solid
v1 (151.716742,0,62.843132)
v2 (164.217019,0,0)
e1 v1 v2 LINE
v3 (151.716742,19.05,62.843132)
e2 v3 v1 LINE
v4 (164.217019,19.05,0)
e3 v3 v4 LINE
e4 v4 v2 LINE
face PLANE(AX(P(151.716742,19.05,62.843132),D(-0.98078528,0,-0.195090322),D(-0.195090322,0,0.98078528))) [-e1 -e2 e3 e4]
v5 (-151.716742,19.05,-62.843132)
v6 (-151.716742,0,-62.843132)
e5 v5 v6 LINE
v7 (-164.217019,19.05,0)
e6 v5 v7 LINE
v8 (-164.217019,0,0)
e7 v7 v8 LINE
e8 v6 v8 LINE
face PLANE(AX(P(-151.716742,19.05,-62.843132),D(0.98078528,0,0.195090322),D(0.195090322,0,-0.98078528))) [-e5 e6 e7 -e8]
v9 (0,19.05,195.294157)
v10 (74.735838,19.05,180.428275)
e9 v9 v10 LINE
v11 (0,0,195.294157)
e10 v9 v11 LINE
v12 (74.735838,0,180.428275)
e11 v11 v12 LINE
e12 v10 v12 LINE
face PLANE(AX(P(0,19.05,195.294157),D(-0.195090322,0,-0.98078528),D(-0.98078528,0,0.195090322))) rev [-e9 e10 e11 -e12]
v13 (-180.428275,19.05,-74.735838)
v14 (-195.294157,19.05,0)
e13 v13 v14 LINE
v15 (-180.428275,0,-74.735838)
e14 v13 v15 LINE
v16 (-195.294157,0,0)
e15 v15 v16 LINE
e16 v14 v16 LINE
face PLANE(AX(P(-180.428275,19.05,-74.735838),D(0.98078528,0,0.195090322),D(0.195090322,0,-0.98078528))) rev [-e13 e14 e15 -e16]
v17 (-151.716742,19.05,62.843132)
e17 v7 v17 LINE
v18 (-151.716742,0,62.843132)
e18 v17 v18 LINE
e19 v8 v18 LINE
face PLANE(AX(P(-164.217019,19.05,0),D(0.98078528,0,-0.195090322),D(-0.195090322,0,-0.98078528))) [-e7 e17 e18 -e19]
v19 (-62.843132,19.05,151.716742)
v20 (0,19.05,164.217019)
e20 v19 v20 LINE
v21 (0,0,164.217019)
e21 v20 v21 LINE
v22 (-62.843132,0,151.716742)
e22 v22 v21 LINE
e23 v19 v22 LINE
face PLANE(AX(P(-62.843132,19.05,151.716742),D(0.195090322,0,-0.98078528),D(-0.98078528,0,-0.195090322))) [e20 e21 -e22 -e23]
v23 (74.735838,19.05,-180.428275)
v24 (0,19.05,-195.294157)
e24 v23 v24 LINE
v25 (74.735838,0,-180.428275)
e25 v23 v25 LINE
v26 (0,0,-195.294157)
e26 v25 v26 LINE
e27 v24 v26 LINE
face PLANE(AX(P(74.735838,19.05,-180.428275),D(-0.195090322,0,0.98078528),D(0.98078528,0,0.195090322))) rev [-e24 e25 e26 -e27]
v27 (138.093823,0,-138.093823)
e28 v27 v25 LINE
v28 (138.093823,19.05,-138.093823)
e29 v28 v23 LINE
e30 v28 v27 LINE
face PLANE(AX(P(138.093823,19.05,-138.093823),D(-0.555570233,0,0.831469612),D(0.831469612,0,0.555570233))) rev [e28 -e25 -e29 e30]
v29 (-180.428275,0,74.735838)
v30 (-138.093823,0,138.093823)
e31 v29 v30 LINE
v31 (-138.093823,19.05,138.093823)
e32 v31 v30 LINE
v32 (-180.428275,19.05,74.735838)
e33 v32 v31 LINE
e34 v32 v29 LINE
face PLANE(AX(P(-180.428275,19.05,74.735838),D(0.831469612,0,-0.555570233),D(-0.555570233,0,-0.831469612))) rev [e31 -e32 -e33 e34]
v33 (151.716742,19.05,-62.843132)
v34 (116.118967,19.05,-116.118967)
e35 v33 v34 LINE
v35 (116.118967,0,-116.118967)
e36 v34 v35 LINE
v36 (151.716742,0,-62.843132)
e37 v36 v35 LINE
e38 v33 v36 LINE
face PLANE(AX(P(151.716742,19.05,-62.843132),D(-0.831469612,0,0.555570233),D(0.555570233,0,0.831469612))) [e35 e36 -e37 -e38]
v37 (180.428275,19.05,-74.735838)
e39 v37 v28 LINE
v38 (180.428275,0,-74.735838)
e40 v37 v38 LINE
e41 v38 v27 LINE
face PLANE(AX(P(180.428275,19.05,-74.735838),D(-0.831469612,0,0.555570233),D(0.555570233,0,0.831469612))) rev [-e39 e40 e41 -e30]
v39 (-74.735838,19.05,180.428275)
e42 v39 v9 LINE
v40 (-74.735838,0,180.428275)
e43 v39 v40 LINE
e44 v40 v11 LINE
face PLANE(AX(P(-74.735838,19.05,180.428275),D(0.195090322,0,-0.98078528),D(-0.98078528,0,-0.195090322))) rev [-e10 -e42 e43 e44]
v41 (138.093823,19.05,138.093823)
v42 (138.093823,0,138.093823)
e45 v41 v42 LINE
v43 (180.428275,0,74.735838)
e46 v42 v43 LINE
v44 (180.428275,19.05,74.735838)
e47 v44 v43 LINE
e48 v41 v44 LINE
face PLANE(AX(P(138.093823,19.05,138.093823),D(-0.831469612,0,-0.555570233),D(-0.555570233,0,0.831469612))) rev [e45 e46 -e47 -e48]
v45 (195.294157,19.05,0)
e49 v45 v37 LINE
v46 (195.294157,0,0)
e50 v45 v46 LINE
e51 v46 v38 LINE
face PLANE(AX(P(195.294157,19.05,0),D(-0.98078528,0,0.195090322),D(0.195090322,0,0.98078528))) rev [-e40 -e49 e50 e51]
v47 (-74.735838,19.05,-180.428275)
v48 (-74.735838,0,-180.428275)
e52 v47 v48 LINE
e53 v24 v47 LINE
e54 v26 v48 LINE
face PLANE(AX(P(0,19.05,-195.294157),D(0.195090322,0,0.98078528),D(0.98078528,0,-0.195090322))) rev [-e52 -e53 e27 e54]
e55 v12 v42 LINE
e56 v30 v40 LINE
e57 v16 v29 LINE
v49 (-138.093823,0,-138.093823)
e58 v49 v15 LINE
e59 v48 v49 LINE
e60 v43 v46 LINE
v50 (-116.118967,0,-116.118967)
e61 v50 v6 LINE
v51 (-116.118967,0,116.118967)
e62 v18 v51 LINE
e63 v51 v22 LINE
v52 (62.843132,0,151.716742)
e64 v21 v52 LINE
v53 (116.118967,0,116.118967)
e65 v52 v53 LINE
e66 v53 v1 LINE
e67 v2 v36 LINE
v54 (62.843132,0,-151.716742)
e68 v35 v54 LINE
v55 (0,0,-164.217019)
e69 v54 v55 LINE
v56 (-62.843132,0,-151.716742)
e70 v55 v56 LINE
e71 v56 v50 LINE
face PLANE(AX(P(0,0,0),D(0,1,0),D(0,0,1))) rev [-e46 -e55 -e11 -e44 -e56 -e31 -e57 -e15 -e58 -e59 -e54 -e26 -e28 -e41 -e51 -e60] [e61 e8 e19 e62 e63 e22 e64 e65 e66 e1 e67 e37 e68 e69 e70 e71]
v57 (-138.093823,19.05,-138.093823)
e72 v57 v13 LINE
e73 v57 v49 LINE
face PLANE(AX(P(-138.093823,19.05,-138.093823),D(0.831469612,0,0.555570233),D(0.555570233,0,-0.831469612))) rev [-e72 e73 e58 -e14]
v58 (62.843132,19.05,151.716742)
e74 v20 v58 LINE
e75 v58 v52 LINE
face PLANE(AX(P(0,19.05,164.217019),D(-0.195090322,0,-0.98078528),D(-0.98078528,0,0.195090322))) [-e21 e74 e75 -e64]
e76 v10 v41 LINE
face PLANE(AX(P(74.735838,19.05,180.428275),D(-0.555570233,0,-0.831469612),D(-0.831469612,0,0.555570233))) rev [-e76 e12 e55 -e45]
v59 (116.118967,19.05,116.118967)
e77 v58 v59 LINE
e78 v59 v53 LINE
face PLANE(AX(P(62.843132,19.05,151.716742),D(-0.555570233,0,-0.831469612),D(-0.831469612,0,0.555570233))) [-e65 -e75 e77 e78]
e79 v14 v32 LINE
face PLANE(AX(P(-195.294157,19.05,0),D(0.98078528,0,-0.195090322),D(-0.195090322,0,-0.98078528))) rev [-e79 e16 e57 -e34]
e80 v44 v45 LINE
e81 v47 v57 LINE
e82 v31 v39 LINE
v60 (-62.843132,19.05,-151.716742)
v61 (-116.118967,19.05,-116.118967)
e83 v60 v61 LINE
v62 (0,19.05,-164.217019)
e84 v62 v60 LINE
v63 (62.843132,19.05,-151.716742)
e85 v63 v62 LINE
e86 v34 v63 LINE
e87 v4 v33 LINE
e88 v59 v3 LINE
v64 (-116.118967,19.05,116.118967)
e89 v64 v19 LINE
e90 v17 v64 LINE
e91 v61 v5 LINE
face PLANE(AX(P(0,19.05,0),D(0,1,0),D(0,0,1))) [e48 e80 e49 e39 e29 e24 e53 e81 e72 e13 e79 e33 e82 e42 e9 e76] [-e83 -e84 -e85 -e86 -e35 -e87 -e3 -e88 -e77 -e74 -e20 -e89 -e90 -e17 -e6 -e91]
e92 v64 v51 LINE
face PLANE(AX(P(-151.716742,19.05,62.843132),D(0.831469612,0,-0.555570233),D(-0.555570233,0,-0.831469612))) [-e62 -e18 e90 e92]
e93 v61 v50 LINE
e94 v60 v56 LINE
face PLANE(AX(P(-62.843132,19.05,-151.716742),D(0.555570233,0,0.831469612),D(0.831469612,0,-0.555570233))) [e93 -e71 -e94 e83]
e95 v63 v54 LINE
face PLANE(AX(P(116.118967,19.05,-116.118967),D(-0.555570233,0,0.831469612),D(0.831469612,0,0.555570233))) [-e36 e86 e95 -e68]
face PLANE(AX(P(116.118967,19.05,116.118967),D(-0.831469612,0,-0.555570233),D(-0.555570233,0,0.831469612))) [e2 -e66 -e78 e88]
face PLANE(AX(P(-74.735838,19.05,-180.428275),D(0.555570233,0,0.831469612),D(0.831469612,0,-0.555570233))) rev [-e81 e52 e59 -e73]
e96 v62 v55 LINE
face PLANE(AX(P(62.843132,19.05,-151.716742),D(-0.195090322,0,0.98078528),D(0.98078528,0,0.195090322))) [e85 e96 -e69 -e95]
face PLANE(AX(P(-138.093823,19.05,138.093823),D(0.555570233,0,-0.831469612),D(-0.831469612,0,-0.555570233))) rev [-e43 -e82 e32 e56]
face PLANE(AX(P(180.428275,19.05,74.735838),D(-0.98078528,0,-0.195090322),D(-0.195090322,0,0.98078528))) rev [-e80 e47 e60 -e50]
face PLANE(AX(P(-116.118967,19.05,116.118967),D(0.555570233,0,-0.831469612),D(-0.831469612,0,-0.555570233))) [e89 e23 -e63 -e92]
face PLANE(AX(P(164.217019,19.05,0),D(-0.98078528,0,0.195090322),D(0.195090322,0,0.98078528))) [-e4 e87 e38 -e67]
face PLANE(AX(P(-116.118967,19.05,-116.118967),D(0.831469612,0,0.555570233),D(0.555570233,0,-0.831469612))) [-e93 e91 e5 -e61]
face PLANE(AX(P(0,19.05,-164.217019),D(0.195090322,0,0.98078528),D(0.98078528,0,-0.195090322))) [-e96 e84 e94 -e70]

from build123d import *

# Parameters (mm, degrees)
BOSS_EXTRUDE1_DEPTH = 19.05


with BuildPart() as part:
    # Sketch1 → Boss-Extrude1 (new body)
    with BuildSketch(Plane(origin=(0, 0, 0), x_dir=(1, 0, 0), z_dir=(0, 1, 0))):
        Polygon((195.294157118, 0), (180.42827458, 74.735838367), (138.093822824, 138.093822824), (74.735838367, 180.42827458), (0, 195.294157118), (-74.735838367, 180.42827458), (-138.093822824, 138.093822824), (-180.42827458, 74.735838367), (-195.294157118, 0), (-180.42827458, -74.735838367), (-138.093822824, -138.093822824), (-74.735838367, -180.42827458), (0, -195.294157118), (74.735838367, -180.42827458), (138.093822824, -138.093822824), (180.42827458, -74.735838367), align=None)
        Polygon((164.217018616, 0), (151.716742389, 62.843132337), (116.118967449, 116.118967449), (62.843132337, 151.716742389), (0, 164.217018616), (-62.843132337, 151.716742389), (-116.118967449, 116.118967449), (-151.716742389, 62.843132337), (-164.217018616, 0), (-151.716742389, -62.843132337), (-116.118967449, -116.118967449), (-62.843132337, -151.716742389), (0, -164.217018616), (62.843132337, -151.716742389), (116.118967449, -116.118967449), (151.716742389, -62.843132337), align=None, mode=Mode.SUBTRACT)
    extrude(amount=BOSS_EXTRUDE1_DEPTH)


solid = part.part
